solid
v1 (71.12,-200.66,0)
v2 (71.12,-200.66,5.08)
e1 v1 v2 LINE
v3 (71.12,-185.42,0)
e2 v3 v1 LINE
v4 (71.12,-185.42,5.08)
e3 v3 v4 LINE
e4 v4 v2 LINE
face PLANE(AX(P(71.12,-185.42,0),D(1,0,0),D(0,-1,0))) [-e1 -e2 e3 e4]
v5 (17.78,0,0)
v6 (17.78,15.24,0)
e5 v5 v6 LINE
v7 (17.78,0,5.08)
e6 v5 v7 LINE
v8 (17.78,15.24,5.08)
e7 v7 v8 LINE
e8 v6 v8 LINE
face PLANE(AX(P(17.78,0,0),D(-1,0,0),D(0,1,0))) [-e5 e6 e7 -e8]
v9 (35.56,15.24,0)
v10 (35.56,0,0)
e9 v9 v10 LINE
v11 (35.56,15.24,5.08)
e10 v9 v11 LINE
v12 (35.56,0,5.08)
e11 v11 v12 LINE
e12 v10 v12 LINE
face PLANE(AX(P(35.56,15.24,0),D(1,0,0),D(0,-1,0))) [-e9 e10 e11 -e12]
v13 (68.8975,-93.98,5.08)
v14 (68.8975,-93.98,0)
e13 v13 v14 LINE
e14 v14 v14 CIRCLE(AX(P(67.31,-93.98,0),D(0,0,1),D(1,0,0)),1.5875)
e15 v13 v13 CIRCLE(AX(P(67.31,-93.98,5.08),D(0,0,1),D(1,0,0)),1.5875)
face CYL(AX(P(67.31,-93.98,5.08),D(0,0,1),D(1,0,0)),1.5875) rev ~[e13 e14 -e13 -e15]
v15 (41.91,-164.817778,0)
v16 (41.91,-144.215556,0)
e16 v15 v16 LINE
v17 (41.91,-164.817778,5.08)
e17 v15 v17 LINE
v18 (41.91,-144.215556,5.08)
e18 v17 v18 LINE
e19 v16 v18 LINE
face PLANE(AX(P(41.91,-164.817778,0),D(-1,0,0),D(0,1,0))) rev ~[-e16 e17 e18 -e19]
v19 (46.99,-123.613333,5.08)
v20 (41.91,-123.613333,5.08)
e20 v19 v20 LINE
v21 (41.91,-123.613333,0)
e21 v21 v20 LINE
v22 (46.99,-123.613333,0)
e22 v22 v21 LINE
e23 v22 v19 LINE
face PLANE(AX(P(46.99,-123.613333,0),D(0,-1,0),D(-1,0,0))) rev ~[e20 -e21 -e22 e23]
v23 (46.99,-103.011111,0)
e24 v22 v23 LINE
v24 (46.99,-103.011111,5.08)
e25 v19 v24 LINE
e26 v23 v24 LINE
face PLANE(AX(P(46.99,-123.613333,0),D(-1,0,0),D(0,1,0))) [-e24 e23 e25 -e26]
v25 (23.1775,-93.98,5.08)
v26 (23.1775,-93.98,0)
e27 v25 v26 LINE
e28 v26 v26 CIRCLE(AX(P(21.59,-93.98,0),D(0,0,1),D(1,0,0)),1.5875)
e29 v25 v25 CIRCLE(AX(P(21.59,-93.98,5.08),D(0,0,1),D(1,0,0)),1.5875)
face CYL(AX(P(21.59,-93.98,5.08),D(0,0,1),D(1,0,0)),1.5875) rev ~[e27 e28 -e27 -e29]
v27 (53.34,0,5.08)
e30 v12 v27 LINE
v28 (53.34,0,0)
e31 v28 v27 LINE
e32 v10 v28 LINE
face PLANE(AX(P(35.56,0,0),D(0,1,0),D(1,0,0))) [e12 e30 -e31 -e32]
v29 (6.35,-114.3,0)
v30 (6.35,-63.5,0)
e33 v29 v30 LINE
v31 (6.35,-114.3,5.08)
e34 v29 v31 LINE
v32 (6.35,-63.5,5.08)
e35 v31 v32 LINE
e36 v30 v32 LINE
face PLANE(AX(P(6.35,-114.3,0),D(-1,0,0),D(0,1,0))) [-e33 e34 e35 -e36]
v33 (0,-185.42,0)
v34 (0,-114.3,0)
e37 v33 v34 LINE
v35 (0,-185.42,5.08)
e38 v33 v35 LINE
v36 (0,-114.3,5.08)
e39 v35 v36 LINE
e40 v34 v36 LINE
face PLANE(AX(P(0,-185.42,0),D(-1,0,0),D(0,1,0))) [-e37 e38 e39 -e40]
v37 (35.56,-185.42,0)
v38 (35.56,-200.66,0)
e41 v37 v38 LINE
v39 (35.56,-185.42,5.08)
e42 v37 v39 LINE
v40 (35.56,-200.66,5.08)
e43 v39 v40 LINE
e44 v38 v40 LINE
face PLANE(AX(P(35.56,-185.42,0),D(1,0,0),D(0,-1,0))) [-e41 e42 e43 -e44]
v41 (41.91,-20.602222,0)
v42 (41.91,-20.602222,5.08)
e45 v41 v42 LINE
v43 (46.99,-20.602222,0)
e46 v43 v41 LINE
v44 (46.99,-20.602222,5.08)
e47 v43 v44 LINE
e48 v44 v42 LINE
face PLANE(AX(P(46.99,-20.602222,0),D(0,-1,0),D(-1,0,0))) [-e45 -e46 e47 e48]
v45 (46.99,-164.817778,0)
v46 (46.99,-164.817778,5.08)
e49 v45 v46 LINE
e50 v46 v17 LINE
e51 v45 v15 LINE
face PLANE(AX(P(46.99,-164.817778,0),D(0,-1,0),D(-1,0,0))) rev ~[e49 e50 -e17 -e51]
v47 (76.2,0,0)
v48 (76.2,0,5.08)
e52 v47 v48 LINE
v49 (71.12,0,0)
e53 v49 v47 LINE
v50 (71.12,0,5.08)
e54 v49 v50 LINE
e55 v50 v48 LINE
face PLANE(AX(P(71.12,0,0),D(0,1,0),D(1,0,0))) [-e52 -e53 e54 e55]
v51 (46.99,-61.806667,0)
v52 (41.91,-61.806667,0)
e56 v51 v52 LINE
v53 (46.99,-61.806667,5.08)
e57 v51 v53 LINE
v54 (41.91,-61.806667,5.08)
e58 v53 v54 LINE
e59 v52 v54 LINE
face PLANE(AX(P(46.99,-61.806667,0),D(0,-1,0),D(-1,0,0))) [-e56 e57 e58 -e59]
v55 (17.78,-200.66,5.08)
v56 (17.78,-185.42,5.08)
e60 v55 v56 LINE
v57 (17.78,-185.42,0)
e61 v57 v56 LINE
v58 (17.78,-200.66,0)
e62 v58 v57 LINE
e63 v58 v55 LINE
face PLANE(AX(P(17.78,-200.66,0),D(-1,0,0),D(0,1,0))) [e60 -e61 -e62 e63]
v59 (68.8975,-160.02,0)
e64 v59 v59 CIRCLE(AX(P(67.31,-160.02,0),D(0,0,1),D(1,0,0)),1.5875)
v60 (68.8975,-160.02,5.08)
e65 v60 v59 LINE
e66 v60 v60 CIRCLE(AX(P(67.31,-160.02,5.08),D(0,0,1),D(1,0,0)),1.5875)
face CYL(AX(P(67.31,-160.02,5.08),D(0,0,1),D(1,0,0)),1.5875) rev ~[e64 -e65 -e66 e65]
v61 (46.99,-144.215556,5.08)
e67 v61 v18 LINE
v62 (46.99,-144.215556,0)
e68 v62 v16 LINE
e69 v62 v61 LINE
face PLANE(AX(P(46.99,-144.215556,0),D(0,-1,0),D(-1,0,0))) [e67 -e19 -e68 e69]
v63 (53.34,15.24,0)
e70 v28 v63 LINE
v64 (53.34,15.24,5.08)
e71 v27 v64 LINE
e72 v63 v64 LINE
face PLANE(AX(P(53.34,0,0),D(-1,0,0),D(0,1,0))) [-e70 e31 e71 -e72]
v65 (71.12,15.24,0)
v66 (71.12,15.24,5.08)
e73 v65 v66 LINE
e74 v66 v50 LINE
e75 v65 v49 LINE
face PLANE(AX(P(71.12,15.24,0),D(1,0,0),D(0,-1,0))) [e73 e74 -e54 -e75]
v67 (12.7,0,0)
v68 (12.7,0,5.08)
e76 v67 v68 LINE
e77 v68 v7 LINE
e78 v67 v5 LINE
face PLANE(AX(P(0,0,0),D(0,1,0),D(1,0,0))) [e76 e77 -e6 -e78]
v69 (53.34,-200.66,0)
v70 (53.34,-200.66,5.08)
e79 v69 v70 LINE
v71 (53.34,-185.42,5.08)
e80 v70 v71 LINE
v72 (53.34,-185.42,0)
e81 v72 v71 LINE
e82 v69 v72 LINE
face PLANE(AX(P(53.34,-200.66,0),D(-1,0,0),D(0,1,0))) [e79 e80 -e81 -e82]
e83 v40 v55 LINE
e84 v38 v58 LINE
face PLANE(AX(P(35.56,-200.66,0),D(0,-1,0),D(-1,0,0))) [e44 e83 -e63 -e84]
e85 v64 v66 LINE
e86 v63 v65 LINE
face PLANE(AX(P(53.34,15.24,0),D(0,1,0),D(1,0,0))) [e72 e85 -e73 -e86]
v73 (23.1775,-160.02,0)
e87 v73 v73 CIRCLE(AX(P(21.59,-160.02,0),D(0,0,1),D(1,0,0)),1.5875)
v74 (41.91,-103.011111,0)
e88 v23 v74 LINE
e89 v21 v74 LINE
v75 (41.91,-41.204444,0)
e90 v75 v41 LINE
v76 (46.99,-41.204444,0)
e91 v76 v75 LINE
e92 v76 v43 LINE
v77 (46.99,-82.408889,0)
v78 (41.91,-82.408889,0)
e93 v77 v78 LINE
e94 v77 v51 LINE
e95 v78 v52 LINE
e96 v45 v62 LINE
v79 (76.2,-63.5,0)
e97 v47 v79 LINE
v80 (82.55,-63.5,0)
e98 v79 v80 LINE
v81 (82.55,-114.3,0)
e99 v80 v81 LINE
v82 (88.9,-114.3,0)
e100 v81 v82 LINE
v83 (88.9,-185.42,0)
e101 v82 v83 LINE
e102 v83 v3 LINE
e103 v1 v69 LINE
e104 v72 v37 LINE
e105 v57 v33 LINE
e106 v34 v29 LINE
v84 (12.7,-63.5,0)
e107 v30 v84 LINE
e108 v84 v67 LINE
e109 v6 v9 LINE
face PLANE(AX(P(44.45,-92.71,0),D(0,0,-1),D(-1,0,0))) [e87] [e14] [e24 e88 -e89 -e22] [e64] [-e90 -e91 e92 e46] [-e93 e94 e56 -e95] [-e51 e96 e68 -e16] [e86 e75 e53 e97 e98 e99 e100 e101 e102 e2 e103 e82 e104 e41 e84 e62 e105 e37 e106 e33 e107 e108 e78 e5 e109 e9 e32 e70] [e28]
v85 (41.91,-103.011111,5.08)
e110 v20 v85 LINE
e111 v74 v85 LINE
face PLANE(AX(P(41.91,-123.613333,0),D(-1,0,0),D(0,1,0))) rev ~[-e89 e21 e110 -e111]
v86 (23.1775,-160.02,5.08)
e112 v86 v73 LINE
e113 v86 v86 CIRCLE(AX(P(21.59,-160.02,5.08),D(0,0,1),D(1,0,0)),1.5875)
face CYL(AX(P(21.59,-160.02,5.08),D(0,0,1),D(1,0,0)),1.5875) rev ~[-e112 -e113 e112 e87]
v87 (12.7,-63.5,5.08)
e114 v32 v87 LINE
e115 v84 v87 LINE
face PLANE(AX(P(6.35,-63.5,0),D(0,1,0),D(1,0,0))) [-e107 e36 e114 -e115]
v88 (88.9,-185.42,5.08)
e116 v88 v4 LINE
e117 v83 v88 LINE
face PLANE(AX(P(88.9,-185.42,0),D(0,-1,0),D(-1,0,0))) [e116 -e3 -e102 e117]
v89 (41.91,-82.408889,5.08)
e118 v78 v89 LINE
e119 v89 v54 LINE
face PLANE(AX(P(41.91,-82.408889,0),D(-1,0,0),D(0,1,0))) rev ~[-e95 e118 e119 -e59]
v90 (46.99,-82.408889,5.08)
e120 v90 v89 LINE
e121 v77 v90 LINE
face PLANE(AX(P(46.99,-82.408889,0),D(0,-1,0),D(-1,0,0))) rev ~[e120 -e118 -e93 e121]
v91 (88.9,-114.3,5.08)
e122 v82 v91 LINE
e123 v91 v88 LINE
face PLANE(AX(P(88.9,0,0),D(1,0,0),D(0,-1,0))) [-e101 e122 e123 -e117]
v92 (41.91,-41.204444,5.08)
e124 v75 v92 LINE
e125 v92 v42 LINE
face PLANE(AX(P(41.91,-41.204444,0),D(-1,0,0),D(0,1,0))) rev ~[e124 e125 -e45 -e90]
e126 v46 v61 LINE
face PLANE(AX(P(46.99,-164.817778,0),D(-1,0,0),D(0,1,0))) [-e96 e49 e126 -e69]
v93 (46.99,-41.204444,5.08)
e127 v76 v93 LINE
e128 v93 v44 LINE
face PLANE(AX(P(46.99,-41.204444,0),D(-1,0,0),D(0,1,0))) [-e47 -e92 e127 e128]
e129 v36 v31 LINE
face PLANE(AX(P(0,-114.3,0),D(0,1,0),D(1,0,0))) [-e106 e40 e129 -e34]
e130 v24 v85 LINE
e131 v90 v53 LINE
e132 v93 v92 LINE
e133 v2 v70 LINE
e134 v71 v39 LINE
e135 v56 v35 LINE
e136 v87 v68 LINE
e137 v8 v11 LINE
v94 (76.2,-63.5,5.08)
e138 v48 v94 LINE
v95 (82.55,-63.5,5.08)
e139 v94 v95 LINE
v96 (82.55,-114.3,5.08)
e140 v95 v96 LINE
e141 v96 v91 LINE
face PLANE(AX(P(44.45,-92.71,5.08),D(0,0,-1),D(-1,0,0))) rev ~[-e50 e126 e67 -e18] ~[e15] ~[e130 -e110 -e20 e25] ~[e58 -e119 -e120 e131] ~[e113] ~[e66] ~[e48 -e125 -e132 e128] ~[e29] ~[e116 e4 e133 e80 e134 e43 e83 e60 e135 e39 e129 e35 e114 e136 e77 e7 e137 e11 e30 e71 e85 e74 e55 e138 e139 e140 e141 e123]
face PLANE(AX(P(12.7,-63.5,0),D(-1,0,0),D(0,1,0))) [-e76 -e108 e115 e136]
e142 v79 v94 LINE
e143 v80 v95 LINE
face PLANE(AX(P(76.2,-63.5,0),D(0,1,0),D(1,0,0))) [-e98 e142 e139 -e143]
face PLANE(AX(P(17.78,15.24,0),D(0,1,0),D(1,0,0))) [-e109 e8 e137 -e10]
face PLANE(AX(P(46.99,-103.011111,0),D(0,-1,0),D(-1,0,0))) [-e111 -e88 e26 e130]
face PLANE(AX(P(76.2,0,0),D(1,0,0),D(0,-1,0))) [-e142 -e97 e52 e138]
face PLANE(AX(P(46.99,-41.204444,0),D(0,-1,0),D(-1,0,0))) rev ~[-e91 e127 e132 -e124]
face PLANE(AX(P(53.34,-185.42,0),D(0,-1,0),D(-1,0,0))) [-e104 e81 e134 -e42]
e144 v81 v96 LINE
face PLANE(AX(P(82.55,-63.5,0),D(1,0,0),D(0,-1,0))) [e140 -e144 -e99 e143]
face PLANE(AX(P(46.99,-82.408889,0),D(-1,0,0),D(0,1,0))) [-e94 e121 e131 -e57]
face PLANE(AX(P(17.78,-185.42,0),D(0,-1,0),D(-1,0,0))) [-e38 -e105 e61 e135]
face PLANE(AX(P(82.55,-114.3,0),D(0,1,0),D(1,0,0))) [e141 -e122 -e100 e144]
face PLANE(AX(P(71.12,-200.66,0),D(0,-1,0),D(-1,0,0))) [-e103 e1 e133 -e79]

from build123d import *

# Parameters (mm, degrees)
BOSS_EXTRUDE1_DEPTH = 5.08
SKETCH2_R           = 1.5875
CUT_EXTRUDE1_DEPTH  = 220.530070833
SKETCH3_W           = 5.08
SKETCH3_H           = 20.602222222
CUT_EXTRUDE2_DEPTH  = 220.530070833
CUT_EXTRUDE3_DEPTH  = 220.530070833


with BuildPart() as part:
    # Sketch1 → Boss-Extrude1 (new body)
    with BuildSketch(Plane.XY):
        Polygon((0, 0), (17.78, 0), (17.78, 15.24), (35.56, 15.24), (35.56, 0), (53.34, 0), (53.34, 15.24), (71.12, 15.24), (71.12, 0), (88.9, 0), (88.9, -185.42), (71.12, -185.42), (71.12, -200.66), (53.34, -200.66), (53.34, -185.42), (35.56, -185.42), (35.56, -200.66), (17.78, -200.66), (17.78, -185.42), (0, -185.42), align=None)
    extrude(amount=BOSS_EXTRUDE1_DEPTH)

    # Sketch2 → Cut-Extrude1 (cut, through all)
    with BuildSketch(Plane.XY.offset(5.08)):
        with Locations((21.59, -93.98)):
            Circle(SKETCH2_R)
        with Locations((67.31, -93.98)):
            Circle(SKETCH2_R)
        with Locations((67.31, -160.02)):
            Circle(SKETCH2_R)
        with Locations((21.59, -160.02)):
            Circle(SKETCH2_R)
    extrude(amount=-CUT_EXTRUDE1_DEPTH, mode=Mode.SUBTRACT)

    # Sketch3 → Cut-Extrude2 (cut, through all)
    with BuildSketch(Plane(origin=(0, 0, 0), x_dir=(-1, 0, 0), z_dir=(0, 0, -1))):
        with Locations((-44.45, -154.516666667)):
            Rectangle(SKETCH3_W, SKETCH3_H)
        with Locations((-44.45, -72.107777778)):
            Rectangle(SKETCH3_W, SKETCH3_H)
        with Locations((-44.45, -30.903333333)):
            Rectangle(SKETCH3_W, SKETCH3_H)
        with Locations((-44.45, -113.312222222)):
            Rectangle(SKETCH3_W, SKETCH3_H)
    extrude(amount=-CUT_EXTRUDE2_DEPTH, mode=Mode.SUBTRACT)

    # Sketch4 → Cut-Extrude3 (cut, through all)
    with BuildSketch(Plane(origin=(0, 0, 0), x_dir=(-1, 0, 0), z_dir=(0, 0, -1))):
        Polygon((-88.9, 0), (-76.2, 0), (-76.2, -63.5), (-82.55, -63.5), (-82.55, -114.3), (-88.9, -114.3), (-88.9, -63.5), align=None)
        Polygon((-6.35, -63.5), (-12.7, -63.5), (-12.7, 0), (0, 0), (0, -63.5), (0, -114.3), (-6.35, -114.3), align=None)
    extrude(amount=-CUT_EXTRUDE3_DEPTH, mode=Mode.SUBTRACT)


solid = part.part
